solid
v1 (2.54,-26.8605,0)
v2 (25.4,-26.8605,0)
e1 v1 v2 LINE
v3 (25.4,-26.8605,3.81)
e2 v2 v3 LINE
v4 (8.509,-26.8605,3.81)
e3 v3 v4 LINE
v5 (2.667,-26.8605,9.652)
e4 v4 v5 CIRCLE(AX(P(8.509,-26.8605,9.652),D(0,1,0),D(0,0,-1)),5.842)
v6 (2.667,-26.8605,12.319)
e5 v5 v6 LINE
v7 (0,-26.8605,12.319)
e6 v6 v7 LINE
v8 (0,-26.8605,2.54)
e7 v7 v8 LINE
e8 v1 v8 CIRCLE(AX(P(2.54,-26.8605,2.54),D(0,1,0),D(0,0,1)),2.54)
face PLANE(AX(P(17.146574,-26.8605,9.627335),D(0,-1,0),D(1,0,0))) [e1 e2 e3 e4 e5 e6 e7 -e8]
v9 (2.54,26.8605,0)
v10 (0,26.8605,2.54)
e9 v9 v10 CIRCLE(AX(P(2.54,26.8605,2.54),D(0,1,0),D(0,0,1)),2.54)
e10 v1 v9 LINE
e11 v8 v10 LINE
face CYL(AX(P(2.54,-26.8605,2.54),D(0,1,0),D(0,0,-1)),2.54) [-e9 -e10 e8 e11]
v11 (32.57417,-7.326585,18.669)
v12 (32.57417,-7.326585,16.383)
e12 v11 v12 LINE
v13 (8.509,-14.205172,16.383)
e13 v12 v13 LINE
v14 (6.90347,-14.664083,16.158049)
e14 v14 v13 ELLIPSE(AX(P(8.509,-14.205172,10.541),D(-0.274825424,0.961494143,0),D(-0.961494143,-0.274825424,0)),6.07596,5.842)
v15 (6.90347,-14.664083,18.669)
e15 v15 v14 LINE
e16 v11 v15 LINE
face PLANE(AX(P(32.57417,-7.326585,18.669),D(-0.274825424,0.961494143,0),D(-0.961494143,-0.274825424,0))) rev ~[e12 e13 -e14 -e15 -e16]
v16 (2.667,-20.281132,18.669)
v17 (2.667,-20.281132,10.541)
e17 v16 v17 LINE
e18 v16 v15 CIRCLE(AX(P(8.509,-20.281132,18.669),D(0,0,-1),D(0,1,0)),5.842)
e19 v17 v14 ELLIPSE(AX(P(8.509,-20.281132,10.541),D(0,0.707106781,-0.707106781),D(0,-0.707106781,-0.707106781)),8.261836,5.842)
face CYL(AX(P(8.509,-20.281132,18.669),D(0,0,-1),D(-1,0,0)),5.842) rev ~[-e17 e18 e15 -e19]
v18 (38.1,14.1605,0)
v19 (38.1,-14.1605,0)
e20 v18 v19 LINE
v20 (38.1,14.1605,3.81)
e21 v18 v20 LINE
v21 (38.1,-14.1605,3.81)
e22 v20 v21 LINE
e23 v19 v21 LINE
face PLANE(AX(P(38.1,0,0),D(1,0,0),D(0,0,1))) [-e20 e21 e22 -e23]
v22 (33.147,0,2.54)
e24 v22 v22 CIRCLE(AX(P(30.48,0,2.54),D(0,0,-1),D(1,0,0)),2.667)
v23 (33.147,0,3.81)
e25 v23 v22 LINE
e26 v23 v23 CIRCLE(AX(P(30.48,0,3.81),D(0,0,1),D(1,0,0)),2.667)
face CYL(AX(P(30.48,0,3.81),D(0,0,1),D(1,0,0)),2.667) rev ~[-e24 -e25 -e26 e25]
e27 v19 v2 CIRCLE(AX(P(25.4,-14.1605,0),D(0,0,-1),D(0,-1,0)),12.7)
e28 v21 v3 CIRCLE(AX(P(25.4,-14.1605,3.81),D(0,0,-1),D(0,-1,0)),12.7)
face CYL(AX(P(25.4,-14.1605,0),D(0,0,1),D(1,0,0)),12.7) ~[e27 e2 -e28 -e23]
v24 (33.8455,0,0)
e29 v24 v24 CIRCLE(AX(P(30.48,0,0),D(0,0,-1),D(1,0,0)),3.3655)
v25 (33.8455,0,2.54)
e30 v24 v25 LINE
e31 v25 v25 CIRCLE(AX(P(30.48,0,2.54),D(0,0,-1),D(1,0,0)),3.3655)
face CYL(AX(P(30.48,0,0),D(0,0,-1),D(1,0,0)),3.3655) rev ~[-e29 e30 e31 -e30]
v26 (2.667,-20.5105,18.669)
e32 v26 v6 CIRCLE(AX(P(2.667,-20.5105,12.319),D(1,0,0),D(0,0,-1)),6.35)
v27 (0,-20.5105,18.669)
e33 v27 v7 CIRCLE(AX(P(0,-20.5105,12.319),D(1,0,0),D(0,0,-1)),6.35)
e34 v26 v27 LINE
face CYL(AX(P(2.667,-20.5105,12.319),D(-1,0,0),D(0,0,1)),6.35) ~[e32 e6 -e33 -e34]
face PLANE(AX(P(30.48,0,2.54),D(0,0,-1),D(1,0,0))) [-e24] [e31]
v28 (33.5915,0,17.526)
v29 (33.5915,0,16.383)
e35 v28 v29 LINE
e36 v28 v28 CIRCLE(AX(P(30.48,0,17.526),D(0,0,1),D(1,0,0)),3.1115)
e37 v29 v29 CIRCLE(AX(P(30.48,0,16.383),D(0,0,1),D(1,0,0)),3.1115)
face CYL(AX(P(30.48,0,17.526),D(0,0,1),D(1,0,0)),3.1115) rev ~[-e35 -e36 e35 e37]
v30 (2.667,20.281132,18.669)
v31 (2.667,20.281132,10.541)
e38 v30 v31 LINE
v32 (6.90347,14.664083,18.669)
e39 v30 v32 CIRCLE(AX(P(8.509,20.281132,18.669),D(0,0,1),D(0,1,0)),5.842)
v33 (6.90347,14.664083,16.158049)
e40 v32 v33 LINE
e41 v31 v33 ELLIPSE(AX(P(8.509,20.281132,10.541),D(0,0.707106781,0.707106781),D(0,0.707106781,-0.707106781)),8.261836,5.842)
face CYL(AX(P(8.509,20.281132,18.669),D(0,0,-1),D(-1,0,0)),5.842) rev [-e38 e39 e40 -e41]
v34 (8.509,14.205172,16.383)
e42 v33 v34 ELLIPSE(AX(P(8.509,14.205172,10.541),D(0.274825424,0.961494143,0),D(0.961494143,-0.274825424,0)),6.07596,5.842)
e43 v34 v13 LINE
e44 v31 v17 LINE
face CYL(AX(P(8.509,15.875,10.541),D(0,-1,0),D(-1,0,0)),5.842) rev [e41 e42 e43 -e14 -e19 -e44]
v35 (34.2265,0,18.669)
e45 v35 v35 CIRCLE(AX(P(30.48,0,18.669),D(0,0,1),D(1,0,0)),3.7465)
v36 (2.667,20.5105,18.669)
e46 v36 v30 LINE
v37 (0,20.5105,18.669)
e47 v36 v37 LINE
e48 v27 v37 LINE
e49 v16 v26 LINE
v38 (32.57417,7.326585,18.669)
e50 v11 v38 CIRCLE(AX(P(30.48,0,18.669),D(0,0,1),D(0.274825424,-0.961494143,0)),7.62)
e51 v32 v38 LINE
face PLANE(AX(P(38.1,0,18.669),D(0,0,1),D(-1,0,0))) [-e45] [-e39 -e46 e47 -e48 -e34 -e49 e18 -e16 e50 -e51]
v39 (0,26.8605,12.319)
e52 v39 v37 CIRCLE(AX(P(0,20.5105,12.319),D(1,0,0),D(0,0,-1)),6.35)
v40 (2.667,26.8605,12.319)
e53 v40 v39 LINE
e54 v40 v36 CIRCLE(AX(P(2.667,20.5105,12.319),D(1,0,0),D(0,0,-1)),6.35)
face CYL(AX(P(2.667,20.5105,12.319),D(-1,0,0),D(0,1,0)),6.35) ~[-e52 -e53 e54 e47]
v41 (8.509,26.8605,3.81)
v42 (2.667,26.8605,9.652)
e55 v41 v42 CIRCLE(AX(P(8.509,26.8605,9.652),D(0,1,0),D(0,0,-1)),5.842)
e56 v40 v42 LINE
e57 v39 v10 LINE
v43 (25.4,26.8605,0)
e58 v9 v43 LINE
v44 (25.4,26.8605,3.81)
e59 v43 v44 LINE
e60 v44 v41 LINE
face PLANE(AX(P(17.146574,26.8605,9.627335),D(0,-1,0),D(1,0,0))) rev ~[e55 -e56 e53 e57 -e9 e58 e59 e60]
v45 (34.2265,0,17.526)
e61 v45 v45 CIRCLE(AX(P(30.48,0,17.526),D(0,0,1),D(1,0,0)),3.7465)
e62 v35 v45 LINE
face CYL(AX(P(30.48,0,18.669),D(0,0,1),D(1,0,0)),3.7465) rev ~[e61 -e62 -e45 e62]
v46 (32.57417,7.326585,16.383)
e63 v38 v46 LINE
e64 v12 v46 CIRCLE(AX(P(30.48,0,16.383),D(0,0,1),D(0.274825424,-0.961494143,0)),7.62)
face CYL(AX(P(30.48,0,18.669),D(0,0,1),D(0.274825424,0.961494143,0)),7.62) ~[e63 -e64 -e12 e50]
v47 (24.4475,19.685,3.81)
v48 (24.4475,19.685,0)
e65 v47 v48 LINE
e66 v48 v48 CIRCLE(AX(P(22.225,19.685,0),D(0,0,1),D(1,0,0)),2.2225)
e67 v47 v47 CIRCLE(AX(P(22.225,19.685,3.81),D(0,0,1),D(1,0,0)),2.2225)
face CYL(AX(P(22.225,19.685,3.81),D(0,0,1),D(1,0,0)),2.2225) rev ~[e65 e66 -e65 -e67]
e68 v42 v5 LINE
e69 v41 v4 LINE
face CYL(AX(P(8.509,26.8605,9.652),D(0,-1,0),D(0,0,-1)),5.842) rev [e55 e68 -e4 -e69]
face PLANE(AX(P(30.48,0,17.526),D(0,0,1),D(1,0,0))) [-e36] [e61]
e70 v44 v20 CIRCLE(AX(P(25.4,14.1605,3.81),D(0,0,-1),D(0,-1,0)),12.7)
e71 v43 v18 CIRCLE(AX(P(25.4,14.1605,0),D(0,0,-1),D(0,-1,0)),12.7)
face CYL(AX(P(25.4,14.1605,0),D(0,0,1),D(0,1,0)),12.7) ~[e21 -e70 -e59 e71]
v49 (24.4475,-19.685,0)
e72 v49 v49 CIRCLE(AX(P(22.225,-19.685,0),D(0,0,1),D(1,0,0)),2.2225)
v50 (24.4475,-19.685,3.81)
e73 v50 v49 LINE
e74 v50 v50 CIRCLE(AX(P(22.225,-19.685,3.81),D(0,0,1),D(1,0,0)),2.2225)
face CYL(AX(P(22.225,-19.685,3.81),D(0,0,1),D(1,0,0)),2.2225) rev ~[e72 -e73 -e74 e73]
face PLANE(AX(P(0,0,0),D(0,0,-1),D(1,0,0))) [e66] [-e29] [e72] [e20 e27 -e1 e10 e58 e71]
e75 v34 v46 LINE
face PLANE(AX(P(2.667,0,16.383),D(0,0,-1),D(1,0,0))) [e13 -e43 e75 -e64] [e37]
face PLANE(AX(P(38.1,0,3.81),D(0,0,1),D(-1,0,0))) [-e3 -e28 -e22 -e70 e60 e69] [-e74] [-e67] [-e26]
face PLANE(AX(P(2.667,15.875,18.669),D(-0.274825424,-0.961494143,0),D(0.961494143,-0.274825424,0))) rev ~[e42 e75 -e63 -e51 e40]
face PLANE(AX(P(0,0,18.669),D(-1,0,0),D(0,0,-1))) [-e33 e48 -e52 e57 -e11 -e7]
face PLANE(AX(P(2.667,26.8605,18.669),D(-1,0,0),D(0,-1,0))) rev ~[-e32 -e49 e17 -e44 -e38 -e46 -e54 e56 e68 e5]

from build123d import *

# Parameters (mm, degrees)
F1_DEPTH      = 26.8605
F2_R          = 2.667
F2_R_2        = 2.2225
F3_DEPTH      = 3.811
F3_DEPTH_BACK = 14.86
F4_R          = 2.2225
F5_DEPTH      = 2.286
F6_R          = 3.7465
F6_R_2        = 2.667
F7_DEPTH      = 1.143
F8_R          = 5.842
F9_R          = 6.35
F10_R         = 12.7
F11_R         = 2.54
F12_R         = 3.1115
F12_R_2       = 2.667
F13_DEPTH     = 1.143
F14_R         = 3.3655
F14_R_2       = 2.667
F15_DEPTH     = 2.54


with BuildPart() as f1:
    # F0 (on Front) → F1 (new body, symmetric)
    with BuildSketch(Plane.XZ):
        Polygon((0, 0), (38.1, 0), (38.1, 3.81), (2.667, 3.81), (2.667, 16.383), (38.1, 16.383), (38.1, 18.669), (0, 18.669), align=None)
    extrude(amount=F1_DEPTH, both=True)

    # F2 (on face) → F3 (cut, two sides)
    with BuildSketch(Plane.XY.offset(3.81)) as f3_sk:
        with Locations((30.48, 0)):
            Circle(F2_R)
        with Locations((22.225, 19.685)):
            Circle(F2_R_2)
        with Locations((22.225, -19.685)):
            Circle(F2_R_2)
    extrude(amount=-F3_DEPTH, mode=Mode.SUBTRACT)
    extrude(f3_sk.sketch, amount=F3_DEPTH_BACK, mode=Mode.SUBTRACT)

    # F4 (on face) → F5 (cut, through all)
    with BuildSketch(Plane.XY.offset(18.669)):
        with BuildLine():
            ThreePointArc((32.5741697301, 7.3265853671), (36.5636655621, 4.5883998658), (38.1, 0))
            Line((38.1, 0), (38.1, 26.8605))
            Line((38.1, 26.8605), (2.667, 26.8605))
            Line((2.667, 26.8605), (2.667, 15.875))
            Line((2.667, 15.875), (32.5741697301, 7.3265853671))
        make_face()
        with Locations((22.225, 19.685)):
            Circle(F4_R, mode=Mode.SUBTRACT)
        with BuildLine():
            Line((38.1, -26.8605), (38.1, 0))
            ThreePointArc((38.1, 0), (36.5636655621, -4.5883998658), (32.5741697301, -7.3265853671))
            Line((32.5741697301, -7.3265853671), (2.667, -15.875))
            Line((2.667, -15.875), (2.667, -26.8605))
            Line((2.667, -26.8605), (38.1, -26.8605))
        make_face()
        with Locations((22.225, -19.685)):
            Circle(F4_R, mode=Mode.SUBTRACT)
    extrude(amount=-F5_DEPTH, mode=Mode.SUBTRACT)

    # F6 (on face) → F7 (cut)
    with BuildSketch(Plane.XY.offset(18.669)):
        with Locations((30.48, 0)):
            Circle(F6_R)
        with Locations((30.48, 0)):
            Circle(F6_R_2, mode=Mode.SUBTRACT)
    extrude(amount=-F7_DEPTH, mode=Mode.SUBTRACT)

    # F8
    f8_edges = [f1.edges().sort_by_distance(p)[0] for p in [
        (2.667, 0, 3.81),
        (2.667, 0, 16.383),
        (2.667, 15.875, 17.526),
        (2.667, -15.875, 17.526),
    ]]
    fillet(f8_edges, radius=F8_R)

    # F9
    f9_edges = [f1.edges().sort_by_distance(p)[0] for p in [
        (1.3335, 26.8605, 18.669),
        (1.3335, -26.8605, 18.669),
    ]]
    fillet(f9_edges, radius=F9_R)

    # F10
    f10_edges = [f1.edges().sort_by_distance(p)[0] for p in [
        (38.1, 26.8605, 1.905),
        (38.1, -26.8605, 1.905),
    ]]
    fillet(f10_edges, radius=F10_R)

    # F11
    f11_edges = [f1.edges().sort_by_distance(p)[0] for p in [
        (0, 0, 0),
    ]]
    fillet(f11_edges, radius=F11_R)

    # F12 (on face) → F13 (cut, through all)
    with BuildSketch(Plane.XY.offset(17.526)):
        with Locations((30.48, 0)):
            Circle(F12_R)
        with Locations((30.48, 0)):
            Circle(F12_R_2, mode=Mode.SUBTRACT)
    extrude(amount=-F13_DEPTH, mode=Mode.SUBTRACT)

    # F14 (on face) → F15 (cut)
    with BuildSketch(Plane(origin=(0, 0, 0), x_dir=(1, 0, 0), z_dir=(0, 0, -1))):
        with Locations((30.48, 0)):
            Circle(F14_R)
        with Locations((30.48, 0)):
            Circle(F14_R_2, mode=Mode.SUBTRACT)
    extrude(amount=-F15_DEPTH, mode=Mode.SUBTRACT)


solid = f1.part
